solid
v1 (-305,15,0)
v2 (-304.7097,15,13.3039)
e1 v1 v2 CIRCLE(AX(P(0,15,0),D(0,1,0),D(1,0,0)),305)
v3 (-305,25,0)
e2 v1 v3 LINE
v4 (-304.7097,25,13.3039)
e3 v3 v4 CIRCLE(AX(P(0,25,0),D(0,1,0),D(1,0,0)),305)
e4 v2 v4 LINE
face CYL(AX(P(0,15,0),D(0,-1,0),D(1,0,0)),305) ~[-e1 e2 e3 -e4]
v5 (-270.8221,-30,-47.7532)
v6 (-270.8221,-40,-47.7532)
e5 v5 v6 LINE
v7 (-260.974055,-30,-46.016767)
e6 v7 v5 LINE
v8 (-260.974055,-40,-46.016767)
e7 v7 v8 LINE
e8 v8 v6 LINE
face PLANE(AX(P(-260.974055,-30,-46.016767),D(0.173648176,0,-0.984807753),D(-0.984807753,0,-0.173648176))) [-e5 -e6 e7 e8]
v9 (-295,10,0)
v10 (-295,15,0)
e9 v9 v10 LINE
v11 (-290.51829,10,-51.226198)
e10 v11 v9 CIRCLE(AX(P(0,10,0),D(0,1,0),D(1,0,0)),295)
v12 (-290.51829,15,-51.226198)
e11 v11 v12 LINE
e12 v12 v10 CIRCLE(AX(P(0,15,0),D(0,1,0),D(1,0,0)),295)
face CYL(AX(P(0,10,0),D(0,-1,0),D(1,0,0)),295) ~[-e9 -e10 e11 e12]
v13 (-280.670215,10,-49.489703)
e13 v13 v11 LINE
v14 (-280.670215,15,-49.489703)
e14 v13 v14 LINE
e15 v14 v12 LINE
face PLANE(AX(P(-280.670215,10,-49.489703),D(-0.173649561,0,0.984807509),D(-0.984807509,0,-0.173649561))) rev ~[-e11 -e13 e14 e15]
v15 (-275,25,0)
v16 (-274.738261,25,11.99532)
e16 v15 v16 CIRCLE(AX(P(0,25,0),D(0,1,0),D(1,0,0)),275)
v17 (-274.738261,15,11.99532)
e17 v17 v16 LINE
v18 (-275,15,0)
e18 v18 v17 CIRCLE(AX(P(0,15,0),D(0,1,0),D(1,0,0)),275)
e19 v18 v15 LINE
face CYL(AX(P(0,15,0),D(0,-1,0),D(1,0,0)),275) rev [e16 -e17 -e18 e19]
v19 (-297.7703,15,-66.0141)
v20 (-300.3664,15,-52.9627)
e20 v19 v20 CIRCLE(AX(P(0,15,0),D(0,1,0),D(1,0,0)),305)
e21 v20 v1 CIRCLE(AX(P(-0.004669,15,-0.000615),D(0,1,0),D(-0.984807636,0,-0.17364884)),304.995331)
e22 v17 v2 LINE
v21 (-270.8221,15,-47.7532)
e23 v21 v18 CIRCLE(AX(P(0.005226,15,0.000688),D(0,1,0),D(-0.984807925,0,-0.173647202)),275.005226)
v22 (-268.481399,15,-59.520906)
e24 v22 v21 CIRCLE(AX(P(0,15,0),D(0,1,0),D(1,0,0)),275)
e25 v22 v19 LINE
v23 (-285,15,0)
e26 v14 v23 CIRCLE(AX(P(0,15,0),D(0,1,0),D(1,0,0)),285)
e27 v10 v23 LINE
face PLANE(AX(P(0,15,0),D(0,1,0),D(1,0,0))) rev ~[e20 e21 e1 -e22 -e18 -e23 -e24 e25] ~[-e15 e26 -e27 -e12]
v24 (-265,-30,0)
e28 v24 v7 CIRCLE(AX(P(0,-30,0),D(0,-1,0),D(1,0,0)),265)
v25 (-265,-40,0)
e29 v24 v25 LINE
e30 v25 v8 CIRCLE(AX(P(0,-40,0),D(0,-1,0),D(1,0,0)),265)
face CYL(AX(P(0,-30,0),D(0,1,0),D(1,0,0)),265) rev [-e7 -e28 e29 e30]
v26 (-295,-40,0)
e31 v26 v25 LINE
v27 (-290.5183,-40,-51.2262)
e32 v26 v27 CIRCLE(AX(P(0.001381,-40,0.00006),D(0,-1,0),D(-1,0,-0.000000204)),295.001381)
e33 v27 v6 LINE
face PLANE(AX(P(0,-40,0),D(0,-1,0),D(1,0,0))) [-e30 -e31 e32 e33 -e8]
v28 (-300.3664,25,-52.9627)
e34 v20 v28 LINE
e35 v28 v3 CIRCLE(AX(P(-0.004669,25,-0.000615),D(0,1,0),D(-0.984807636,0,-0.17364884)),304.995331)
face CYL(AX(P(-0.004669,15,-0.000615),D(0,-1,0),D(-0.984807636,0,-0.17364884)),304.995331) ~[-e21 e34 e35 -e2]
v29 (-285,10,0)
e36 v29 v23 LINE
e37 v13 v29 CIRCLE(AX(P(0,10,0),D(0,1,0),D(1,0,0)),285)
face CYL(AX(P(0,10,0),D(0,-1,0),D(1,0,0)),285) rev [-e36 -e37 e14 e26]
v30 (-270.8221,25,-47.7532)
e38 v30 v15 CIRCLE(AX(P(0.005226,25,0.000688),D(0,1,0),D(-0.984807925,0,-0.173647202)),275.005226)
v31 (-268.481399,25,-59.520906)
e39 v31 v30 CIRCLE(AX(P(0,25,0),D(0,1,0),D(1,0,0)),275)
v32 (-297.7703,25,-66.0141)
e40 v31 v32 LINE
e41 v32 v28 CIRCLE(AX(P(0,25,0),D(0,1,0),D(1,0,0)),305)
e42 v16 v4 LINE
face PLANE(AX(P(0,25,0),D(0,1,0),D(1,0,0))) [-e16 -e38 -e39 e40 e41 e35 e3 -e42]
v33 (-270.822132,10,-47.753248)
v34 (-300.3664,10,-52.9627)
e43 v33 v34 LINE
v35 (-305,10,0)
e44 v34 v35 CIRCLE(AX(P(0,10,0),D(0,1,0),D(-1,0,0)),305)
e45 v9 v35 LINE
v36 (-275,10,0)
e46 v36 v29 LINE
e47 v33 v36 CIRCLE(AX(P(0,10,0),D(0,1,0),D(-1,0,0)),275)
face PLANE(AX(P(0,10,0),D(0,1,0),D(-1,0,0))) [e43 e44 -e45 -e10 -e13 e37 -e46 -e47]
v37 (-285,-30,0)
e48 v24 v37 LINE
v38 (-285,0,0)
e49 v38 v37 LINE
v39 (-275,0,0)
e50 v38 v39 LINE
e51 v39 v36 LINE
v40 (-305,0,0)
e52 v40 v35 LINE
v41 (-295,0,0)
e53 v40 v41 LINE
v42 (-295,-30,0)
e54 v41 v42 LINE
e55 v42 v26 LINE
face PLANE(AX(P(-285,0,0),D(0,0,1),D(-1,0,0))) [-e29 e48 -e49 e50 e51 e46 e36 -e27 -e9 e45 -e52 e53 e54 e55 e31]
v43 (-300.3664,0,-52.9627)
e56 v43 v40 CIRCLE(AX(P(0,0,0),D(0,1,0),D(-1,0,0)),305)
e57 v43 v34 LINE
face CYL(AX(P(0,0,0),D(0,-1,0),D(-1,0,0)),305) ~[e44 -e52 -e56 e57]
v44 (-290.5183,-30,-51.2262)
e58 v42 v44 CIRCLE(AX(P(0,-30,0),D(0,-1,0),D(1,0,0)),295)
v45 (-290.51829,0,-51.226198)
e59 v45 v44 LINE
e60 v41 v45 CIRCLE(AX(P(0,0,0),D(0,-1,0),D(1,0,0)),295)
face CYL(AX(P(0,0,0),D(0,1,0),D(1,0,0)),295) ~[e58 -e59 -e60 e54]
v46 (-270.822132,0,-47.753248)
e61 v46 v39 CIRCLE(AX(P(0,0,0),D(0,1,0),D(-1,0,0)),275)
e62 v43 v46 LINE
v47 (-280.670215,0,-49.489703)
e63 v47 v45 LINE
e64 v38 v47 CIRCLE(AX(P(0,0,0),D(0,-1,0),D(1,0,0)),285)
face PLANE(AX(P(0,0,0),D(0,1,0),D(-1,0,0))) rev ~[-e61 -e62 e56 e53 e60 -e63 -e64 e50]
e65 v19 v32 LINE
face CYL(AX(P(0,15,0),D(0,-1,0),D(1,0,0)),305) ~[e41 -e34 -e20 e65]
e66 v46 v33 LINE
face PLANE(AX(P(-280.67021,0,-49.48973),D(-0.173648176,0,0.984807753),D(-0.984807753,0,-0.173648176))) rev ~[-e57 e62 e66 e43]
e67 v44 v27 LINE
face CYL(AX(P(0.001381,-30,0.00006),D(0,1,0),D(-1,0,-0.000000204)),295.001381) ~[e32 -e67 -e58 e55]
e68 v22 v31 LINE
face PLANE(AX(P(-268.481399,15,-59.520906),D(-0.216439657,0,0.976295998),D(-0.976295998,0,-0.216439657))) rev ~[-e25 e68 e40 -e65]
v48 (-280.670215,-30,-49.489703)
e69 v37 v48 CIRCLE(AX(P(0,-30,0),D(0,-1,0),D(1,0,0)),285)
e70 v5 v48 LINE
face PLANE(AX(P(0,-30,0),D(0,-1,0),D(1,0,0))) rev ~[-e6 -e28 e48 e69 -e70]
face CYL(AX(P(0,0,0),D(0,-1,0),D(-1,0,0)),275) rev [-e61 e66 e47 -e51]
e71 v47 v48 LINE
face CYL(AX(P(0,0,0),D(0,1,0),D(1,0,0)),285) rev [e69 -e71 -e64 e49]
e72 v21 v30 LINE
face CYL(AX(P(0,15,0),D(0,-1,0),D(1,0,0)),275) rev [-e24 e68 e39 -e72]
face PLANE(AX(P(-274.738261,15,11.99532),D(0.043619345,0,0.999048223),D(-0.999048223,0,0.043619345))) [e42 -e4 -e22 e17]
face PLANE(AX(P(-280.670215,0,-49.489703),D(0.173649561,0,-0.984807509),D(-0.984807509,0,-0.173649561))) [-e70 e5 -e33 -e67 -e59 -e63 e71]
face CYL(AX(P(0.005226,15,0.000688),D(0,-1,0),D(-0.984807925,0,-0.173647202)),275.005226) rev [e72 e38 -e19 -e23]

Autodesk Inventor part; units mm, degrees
ref_plane "YZ Plane" through (0, 0, 0) normal (1, 0, 0) x (0, 1, 0)
ref_plane "XZ Plane" through (0, 0, 0) normal (0, 1, 0) x (-1, 0, 0)
ref_plane "XY Plane" through (0, 0, 0) normal (0, 0, 1) x (1, 0, 0)
sketch "Sketch1" plane through (0, 0, 0) normal (0, 1, 0) x (-1, 0, 0)
  circle A0 centre (0, 0) radius 285
  circle A1 centre (0, 0) radius 295
  circle A2 centre (0, 0) radius 275
  circle A3 centre (0, 0) radius 305
  line L0 (0, 0) -> (300.3664, -52.9627)
  line L1 (0, 0) -> (305, 0)
  point P0 (275, 0)
  point P1 (270.8221, -47.7532)
  dimension "d1" = 590
  dimension "d5" = 10
  dimension "d6" = 10
  dimension "d7" = 10
  dimension "d8" = 10
extrude "Extrusion1" add sketch "Sketch1" along normal blind 10 contours L1 A1 L0 A0 | A0 L0 A2 L1 | L1 A3 L0 A1 picked at (291.5003, -5.7176) picked at (281.3509, -10.8537) picked at (297.9408, -46.5324)
sketch "Sketch2" plane through (0, 10, 0) normal (0, 1, 0) x (1, 0, 0)
  arc A0 (-270.8221, 47.7532) -> (-275, 0) centre (0, 0) ccw projected
  line L0 (-270.8221, 47.7532) -> (-300.3664, 52.9627) projected
  arc A1 (-300.3664, 52.9627) -> (-305, 0) centre (0, 0) ccw projected
  line L1 (-305, 0) -> (-275, 0) projected
  circle A2 centre (0, 0) radius 295
  circle A3 centre (0, 0) radius 285
  point P0 (-285, 0)
  point P1 (-280.6702, 49.4897)
  point P2 (-290.5183, 51.2262)
  point P3 (-295, 0)
  dimension "d11" = 10
  dimension "d12" = 590
extrude "Extrusion2" add sketch "Sketch2" along normal blind 5 contours A3 L1 A2 L0 picked at (-291.3396, 11.2413)
sketch "Sketch3" plane through (0, 15, 0) normal (0, 1, 0) x (1, 0, 0)
  line L0 (-290.5183, 51.2262) -> (-300.3664, 52.9627) projected
  arc A0 (-300.3664, 52.9627) -> (-305, 0) centre (0, 0) ccw projected
  line L1 (-305, 0) -> (-295, 0) projected
  line L2 (-280.6702, 49.4897) -> (-290.5183, 51.2262) projected
  arc A1 (-290.5183, 51.2262) -> (-295, 0) centre (0, 0) ccw projected
  line L3 (-295, 0) -> (-285, 0) projected
  arc A2 (-280.6702, 49.4897) -> (-285, 0) centre (0, 0) ccw projected
  line L4 (-285, 0) -> (-275, 0) projected
  arc A3 (-270.8221, 47.7532) -> (-275, 0) centre (0, 0) ccw projected
  line L5 (-270.8221, 47.7532) -> (-280.6702, 49.4897) projected
  circle A4 centre (0, 0) radius 305
  circle A5 centre (0, 0) radius 275
  line L6 (0, 0) -> (-304.7097, -13.3039)
  line L7 (0, 0) -> (-297.7703, 66.0141)
  arc A6 (-300.3664, 52.9627) -> (-305, 0) centre (0, 0) ccw projected
  arc A7 (-270.8221, 47.7532) -> (-275, 0) centre (0, 0) ccw projected
  arc A8 (-290.5183, 51.2262) -> (-295, 0) centre (0, 0) ccw projected
  line L8 (-290.5183, 51.2262) -> (-300.3664, 52.9627) projected
  line L9 (-305, 0) -> (-295, 0) projected
  arc A9 (-280.6702, 49.4897) -> (-285, 0) centre (0, 0) ccw projected
  arc A10 (-290.5183, 51.2262) -> (-295, 0) centre (0, 0) ccw projected
  arc A11 (-280.6702, 49.4897) -> (-285, 0) centre (0, 0) ccw projected
  line L10 (-285, 0) -> (-275, 0) projected
  line L11 (-270.8221, 47.7532) -> (-280.6702, 49.4897) projected
  point P0 (-270.8221, 47.7532)
  point P1 (-268.4814, 59.5209)
  point P2 (-305, 0)
  point P3 (-274.7383, -11.9953)
  point P4 (-305, 0)
  point P5 (-300.3664, 52.9627)
  point P6 (-305, 0)
  point P7 (-270.8221, 47.7532)
  dimension "d23" = 2.5
  dimension "d24" = 2.5
extrude "Extrusion3" add sketch "Sketch3" along normal blind 10 contours A1 L1 A0 L0 | L0 A4 L7 A5 L5 L2 | L2 A2 L3 A1 | L5 A3 L4 A2 | L3 L4 A5 L6 A4 L1
sketch "Sketch4" plane through (0, 0, 0) normal (0, -1, 0) x (1, 0, 0)
  arc A0 (-275, 0) -> (-270.8221, -47.7532) centre (0, 0) ccw projected
  line L0 (-305, 0) -> (-275, 0) projected
  arc A1 (-305, 0) -> (-300.3664, -52.9627) centre (0, 0) ccw projected
  line L1 (-270.8221, -47.7532) -> (-300.3664, -52.9627) projected
  circle A2 centre (0, 0) radius 285
  circle A3 centre (0, 0) radius 295
  point P0 (-295, 0)
  point P1 (-290.5183, -51.2262)
  point P2 (-280.6702, -49.4897)
  point P3 (-285, 0)
  dimension "d17" = 10
  dimension "d18" = 590
extrude "Extrusion4" add sketch "Sketch4" along normal blind 30 contours A2 L1 A3 L0 picked at (-291.3396, -11.2413)
sketch "Sketch5" plane through (0, -30, 0) normal (0, -1, 0) x (1, 0, 0)
  arc A0 (-295, 0) -> (-290.5183, -51.2262) centre (0, 0) ccw projected
  line L0 (-290.5183, -51.2262) -> (-280.6702, -49.4897) projected
  arc A1 (-285, 0) -> (-280.6702, -49.4897) centre (0, 0) ccw projected
  line L1 (-285, 0) -> (-295, 0) projected
  arc A2 (-295, 0) -> (-290.5183, -51.2262) centre (0, 0) ccw projected
  line L2 (-305, 0) -> (-295, 0) projected
  arc A3 (-305, 0) -> (-300.3664, -52.9627) centre (0, 0) ccw projected
  line L3 (-290.5183, -51.2262) -> (-300.3664, -52.9627) projected
  line L4 (-270.8221, -47.7532) -> (-280.6702, -49.4897) projected
  arc A4 (-275, 0) -> (-270.8221, -47.7532) centre (0, 0) ccw projected
  line L5 (-285, 0) -> (-275, 0) projected
  arc A5 (-305, 0) -> (-300.3664, -52.9627) centre (0, 0) ccw projected
  arc A6 (-275, 0) -> (-270.8221, -47.7532) centre (0, 0) ccw projected
  arc A7 (-285, 0) -> (-280.6702, -49.4897) centre (0, 0) ccw projected
  arc A8 (-295, 0) -> (-290.5183, -51.2262) centre (0, 0) ccw projected
  line L6 (-305, 0) -> (-295, 0) projected
  line L7 (-290.5183, -51.2262) -> (-300.3664, -52.9627) projected
  arc A9 (-285, 0) -> (-280.6702, -49.4897) centre (0, 0) ccw projected
  line L8 (-270.8221, -47.7532) -> (-280.6702, -49.4897) projected
  line L9 (-285, 0) -> (-275, 0) projected
  arc A10 (-295, 0) -> (-290.5183, -51.2262) centre (0, 0) ccw projected
  circle A11 centre (0, 0) radius 265
  line L10 (0, 0) -> (-305, 0)
  line L11 (0, 0) -> (-300.3664, -52.9627)
  point P0 (-290.5183, -51.2262)
  point P1 (-260.9741, -46.0168)
  point P2 (-265, 0)
  dimension "d25" = 30
extrude "Extrusion5" add sketch "Sketch5" along normal blind 10 contours L1 A1 L0 A0 | L5 A4 L4 A1 | L10 A11 L11 A4
properties part number "Moving Caoursel base Clip"
